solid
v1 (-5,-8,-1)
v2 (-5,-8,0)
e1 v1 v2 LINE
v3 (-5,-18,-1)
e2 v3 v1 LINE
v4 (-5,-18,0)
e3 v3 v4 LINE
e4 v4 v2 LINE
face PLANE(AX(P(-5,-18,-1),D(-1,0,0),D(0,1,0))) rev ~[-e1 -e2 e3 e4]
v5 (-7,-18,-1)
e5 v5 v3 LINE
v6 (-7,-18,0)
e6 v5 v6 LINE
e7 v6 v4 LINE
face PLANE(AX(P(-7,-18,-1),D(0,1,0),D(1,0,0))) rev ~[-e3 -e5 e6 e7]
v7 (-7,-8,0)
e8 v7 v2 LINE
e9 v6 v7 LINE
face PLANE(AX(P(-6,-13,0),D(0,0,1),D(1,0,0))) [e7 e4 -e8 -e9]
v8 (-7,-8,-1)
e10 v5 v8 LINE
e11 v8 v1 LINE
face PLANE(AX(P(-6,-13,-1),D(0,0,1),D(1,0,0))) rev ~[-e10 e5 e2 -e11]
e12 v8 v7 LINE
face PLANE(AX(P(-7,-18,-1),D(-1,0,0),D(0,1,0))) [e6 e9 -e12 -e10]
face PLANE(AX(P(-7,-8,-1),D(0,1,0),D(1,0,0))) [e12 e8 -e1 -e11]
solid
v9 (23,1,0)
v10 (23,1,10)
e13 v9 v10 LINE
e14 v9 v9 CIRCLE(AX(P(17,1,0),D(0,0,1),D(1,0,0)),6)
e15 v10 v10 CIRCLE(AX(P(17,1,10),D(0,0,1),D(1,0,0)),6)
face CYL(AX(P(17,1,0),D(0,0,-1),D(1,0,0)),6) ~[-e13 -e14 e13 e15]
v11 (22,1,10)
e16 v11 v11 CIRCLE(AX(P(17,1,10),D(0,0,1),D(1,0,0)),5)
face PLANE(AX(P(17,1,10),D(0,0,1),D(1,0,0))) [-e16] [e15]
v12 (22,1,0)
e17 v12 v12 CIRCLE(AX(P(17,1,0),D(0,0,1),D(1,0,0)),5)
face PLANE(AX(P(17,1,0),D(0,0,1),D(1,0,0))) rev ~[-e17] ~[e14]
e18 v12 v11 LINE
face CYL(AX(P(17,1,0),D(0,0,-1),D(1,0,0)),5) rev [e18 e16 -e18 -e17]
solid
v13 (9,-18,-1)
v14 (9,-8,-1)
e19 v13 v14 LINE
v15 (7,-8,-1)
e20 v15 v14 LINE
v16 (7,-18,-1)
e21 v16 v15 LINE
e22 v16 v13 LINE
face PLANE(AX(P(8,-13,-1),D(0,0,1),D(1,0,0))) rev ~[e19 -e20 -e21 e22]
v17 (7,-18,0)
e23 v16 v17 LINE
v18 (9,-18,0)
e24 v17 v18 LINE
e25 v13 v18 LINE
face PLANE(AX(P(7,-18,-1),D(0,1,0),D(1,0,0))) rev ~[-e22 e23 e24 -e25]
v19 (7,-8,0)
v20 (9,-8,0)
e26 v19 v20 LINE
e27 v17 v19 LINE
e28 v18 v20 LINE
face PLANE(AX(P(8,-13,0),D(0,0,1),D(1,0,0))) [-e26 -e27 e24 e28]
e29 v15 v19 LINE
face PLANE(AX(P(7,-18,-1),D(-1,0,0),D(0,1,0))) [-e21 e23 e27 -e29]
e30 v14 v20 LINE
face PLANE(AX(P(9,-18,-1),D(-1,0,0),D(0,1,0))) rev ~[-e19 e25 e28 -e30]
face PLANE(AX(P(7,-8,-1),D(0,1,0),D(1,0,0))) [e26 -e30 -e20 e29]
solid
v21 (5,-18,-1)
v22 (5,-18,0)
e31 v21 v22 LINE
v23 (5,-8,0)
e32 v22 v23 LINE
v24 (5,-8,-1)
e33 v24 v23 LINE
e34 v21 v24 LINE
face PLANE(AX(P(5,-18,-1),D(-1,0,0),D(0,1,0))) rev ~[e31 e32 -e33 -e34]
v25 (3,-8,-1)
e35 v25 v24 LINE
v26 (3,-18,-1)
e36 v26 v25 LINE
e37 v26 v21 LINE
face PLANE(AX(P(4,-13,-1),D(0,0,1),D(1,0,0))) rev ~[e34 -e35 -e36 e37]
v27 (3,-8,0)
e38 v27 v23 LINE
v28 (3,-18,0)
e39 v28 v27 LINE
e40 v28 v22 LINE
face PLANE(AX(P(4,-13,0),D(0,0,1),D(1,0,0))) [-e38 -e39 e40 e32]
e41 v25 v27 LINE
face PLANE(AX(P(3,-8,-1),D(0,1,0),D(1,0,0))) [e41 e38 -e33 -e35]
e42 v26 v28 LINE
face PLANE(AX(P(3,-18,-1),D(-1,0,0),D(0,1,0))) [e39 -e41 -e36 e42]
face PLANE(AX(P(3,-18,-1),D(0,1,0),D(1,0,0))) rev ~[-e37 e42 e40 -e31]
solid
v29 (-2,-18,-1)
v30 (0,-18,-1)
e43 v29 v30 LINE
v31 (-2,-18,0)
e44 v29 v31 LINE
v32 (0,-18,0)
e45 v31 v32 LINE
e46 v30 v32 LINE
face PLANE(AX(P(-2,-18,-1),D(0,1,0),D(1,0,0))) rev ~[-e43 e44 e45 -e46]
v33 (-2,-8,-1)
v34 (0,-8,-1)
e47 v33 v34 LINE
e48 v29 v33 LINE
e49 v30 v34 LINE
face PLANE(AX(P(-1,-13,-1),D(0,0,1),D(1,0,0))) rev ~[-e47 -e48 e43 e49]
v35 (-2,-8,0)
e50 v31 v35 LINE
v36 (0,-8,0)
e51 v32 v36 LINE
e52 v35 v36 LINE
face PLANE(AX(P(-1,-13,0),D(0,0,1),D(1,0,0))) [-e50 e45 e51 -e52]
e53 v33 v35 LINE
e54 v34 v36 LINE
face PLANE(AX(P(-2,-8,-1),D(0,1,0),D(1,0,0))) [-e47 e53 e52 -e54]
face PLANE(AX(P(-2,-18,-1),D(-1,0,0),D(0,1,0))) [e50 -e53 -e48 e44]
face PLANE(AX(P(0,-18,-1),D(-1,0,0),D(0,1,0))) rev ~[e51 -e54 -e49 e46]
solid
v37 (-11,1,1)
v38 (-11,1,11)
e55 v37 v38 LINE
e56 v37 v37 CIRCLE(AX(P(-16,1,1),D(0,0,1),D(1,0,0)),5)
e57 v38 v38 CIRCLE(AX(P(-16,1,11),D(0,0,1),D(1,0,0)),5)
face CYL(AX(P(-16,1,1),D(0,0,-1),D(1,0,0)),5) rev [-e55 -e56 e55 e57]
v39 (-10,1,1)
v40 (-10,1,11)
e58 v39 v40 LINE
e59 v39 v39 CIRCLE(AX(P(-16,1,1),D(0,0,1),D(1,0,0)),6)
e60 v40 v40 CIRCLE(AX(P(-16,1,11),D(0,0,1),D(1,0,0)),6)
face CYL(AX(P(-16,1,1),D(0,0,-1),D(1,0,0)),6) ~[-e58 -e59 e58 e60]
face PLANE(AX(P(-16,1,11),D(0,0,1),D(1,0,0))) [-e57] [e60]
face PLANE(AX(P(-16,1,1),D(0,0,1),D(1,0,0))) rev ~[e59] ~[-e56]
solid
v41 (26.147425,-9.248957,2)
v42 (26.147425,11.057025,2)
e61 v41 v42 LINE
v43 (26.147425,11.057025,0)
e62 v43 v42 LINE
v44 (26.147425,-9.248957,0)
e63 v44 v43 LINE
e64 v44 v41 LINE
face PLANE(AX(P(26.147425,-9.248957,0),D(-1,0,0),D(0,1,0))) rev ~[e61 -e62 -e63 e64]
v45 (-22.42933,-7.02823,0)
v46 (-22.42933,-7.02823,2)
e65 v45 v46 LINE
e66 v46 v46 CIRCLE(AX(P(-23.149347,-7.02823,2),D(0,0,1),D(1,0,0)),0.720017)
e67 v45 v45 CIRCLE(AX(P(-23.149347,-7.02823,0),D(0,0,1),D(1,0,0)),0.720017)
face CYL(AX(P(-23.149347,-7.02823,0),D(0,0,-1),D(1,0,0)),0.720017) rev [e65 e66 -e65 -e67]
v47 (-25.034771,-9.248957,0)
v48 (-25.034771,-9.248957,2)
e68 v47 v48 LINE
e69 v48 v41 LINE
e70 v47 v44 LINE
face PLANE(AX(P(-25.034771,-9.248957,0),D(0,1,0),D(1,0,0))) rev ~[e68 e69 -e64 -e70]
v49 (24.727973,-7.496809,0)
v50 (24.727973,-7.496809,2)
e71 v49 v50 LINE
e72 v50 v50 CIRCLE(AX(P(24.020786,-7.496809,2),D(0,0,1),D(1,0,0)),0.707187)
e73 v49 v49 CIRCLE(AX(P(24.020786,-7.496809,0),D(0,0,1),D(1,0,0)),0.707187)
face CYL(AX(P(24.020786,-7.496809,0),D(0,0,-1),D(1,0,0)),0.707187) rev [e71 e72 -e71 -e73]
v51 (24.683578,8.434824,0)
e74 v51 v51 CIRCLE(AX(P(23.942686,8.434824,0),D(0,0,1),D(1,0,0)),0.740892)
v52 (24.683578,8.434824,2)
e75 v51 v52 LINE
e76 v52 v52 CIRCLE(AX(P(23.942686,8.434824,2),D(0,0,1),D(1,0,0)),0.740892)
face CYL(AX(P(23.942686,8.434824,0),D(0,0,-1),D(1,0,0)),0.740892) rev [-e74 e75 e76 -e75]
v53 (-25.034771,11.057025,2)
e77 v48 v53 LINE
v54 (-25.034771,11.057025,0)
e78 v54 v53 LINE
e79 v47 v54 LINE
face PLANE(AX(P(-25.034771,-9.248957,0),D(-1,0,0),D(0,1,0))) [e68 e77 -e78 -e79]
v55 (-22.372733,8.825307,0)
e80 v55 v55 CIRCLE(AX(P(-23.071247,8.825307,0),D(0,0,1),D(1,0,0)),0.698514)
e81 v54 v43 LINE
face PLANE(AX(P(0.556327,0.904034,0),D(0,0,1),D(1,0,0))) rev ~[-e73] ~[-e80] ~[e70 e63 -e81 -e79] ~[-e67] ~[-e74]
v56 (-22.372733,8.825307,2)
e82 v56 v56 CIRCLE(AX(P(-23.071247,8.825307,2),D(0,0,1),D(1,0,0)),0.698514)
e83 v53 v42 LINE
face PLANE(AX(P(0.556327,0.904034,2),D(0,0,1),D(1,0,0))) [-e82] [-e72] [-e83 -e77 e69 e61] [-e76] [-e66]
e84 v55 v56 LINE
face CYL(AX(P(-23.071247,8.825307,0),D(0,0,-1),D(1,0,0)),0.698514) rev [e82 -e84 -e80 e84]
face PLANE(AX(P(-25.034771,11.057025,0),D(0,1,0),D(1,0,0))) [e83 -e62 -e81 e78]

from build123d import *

# Parameters (mm, degrees)
SKETCH_W      = 51.182196
SKETCH_H      = 20.305982
SKETCH_R      = 0.698514
SKETCH_R_2    = 0.740892
SKETCH_R_3    = 0.707187
SKETCH_R_4    = 0.720017
PAD_DEPTH     = 2
TUBE_R        = 6
TUBE_R_2      = 5
TUBE_DEPTH    = 10
TUBE001_R     = 6
TUBE001_R_2   = 5
TUBE001_DEPTH = 10
BOX_W         = 2
BOX_H         = 10
BOX_DEPTH     = 1
BOX001_W      = 2
BOX001_H      = 10
BOX001_DEPTH  = 1
BOX002_W      = 2
BOX002_H      = 10
BOX002_DEPTH  = 1
BOX003_W      = 2
BOX003_H      = 10
BOX003_DEPTH  = 1


with BuildPart() as body:
    # Sketch → Pad (new body)
    with BuildSketch(Plane.XY):
        with Locations((0.556327, 0.904034)):
            Rectangle(SKETCH_W, SKETCH_H)
        with Locations((-23.071247, 8.825307)):
            Circle(SKETCH_R, mode=Mode.SUBTRACT)
        with Locations((23.942686, 8.434824)):
            Circle(SKETCH_R_2, mode=Mode.SUBTRACT)
        with Locations((24.020786, -7.496809)):
            Circle(SKETCH_R_3, mode=Mode.SUBTRACT)
        with Locations((-23.149347, -7.02823)):
            Circle(SKETCH_R_4, mode=Mode.SUBTRACT)
    extrude(amount=PAD_DEPTH)


with BuildPart() as cilindro1:
    # Tube → Tube (new body)
    with BuildSketch(Plane(origin=(-16, 1, 1), x_dir=(1, 0, 0), z_dir=(0, 0, 1))):
        Circle(TUBE_R)
        Circle(TUBE_R_2, mode=Mode.SUBTRACT)
    extrude(amount=TUBE_DEPTH)


with BuildPart() as cilindro2:
    # Tube001 → Tube001 (new body)
    with BuildSketch(Plane(origin=(17, 1, 0), x_dir=(1, 0, 0), z_dir=(0, 0, 1))):
        Circle(TUBE001_R)
        Circle(TUBE001_R_2, mode=Mode.SUBTRACT)
    extrude(amount=TUBE001_DEPTH)


with BuildPart() as contacto1:
    # Box → Box (new body)
    with BuildSketch(Plane(origin=(-7, -18, -1), x_dir=(1, 0, 0), z_dir=(0, 0, 1))):
        with Locations((1, 5)):
            Rectangle(BOX_W, BOX_H)
    extrude(amount=BOX_DEPTH)


with BuildPart() as contacto2:
    # Box001 → Box001 (new body)
    with BuildSketch(Plane(origin=(-2, -18, -1), x_dir=(1, 0, 0), z_dir=(0, 0, 1))):
        with Locations((1, 5)):
            Rectangle(BOX001_W, BOX001_H)
    extrude(amount=BOX001_DEPTH)


with BuildPart() as contacto3:
    # Box002 → Box002 (new body)
    with BuildSketch(Plane(origin=(3, -18, -1), x_dir=(1, 0, 0), z_dir=(0, 0, 1))):
        with Locations((1, 5)):
            Rectangle(BOX002_W, BOX002_H)
    extrude(amount=BOX002_DEPTH)


with BuildPart() as contacto4:
    # Box003 → Box003 (new body)
    with BuildSketch(Plane(origin=(7, -18, -1), x_dir=(1, 0, 0), z_dir=(0, 0, 1))):
        with Locations((1, 5)):
            Rectangle(BOX003_W, BOX003_H)
    extrude(amount=BOX003_DEPTH)


solid = Compound([body.part, cilindro1.part, cilindro2.part, contacto1.part, contacto2.part, contacto3.part, contacto4.part])
